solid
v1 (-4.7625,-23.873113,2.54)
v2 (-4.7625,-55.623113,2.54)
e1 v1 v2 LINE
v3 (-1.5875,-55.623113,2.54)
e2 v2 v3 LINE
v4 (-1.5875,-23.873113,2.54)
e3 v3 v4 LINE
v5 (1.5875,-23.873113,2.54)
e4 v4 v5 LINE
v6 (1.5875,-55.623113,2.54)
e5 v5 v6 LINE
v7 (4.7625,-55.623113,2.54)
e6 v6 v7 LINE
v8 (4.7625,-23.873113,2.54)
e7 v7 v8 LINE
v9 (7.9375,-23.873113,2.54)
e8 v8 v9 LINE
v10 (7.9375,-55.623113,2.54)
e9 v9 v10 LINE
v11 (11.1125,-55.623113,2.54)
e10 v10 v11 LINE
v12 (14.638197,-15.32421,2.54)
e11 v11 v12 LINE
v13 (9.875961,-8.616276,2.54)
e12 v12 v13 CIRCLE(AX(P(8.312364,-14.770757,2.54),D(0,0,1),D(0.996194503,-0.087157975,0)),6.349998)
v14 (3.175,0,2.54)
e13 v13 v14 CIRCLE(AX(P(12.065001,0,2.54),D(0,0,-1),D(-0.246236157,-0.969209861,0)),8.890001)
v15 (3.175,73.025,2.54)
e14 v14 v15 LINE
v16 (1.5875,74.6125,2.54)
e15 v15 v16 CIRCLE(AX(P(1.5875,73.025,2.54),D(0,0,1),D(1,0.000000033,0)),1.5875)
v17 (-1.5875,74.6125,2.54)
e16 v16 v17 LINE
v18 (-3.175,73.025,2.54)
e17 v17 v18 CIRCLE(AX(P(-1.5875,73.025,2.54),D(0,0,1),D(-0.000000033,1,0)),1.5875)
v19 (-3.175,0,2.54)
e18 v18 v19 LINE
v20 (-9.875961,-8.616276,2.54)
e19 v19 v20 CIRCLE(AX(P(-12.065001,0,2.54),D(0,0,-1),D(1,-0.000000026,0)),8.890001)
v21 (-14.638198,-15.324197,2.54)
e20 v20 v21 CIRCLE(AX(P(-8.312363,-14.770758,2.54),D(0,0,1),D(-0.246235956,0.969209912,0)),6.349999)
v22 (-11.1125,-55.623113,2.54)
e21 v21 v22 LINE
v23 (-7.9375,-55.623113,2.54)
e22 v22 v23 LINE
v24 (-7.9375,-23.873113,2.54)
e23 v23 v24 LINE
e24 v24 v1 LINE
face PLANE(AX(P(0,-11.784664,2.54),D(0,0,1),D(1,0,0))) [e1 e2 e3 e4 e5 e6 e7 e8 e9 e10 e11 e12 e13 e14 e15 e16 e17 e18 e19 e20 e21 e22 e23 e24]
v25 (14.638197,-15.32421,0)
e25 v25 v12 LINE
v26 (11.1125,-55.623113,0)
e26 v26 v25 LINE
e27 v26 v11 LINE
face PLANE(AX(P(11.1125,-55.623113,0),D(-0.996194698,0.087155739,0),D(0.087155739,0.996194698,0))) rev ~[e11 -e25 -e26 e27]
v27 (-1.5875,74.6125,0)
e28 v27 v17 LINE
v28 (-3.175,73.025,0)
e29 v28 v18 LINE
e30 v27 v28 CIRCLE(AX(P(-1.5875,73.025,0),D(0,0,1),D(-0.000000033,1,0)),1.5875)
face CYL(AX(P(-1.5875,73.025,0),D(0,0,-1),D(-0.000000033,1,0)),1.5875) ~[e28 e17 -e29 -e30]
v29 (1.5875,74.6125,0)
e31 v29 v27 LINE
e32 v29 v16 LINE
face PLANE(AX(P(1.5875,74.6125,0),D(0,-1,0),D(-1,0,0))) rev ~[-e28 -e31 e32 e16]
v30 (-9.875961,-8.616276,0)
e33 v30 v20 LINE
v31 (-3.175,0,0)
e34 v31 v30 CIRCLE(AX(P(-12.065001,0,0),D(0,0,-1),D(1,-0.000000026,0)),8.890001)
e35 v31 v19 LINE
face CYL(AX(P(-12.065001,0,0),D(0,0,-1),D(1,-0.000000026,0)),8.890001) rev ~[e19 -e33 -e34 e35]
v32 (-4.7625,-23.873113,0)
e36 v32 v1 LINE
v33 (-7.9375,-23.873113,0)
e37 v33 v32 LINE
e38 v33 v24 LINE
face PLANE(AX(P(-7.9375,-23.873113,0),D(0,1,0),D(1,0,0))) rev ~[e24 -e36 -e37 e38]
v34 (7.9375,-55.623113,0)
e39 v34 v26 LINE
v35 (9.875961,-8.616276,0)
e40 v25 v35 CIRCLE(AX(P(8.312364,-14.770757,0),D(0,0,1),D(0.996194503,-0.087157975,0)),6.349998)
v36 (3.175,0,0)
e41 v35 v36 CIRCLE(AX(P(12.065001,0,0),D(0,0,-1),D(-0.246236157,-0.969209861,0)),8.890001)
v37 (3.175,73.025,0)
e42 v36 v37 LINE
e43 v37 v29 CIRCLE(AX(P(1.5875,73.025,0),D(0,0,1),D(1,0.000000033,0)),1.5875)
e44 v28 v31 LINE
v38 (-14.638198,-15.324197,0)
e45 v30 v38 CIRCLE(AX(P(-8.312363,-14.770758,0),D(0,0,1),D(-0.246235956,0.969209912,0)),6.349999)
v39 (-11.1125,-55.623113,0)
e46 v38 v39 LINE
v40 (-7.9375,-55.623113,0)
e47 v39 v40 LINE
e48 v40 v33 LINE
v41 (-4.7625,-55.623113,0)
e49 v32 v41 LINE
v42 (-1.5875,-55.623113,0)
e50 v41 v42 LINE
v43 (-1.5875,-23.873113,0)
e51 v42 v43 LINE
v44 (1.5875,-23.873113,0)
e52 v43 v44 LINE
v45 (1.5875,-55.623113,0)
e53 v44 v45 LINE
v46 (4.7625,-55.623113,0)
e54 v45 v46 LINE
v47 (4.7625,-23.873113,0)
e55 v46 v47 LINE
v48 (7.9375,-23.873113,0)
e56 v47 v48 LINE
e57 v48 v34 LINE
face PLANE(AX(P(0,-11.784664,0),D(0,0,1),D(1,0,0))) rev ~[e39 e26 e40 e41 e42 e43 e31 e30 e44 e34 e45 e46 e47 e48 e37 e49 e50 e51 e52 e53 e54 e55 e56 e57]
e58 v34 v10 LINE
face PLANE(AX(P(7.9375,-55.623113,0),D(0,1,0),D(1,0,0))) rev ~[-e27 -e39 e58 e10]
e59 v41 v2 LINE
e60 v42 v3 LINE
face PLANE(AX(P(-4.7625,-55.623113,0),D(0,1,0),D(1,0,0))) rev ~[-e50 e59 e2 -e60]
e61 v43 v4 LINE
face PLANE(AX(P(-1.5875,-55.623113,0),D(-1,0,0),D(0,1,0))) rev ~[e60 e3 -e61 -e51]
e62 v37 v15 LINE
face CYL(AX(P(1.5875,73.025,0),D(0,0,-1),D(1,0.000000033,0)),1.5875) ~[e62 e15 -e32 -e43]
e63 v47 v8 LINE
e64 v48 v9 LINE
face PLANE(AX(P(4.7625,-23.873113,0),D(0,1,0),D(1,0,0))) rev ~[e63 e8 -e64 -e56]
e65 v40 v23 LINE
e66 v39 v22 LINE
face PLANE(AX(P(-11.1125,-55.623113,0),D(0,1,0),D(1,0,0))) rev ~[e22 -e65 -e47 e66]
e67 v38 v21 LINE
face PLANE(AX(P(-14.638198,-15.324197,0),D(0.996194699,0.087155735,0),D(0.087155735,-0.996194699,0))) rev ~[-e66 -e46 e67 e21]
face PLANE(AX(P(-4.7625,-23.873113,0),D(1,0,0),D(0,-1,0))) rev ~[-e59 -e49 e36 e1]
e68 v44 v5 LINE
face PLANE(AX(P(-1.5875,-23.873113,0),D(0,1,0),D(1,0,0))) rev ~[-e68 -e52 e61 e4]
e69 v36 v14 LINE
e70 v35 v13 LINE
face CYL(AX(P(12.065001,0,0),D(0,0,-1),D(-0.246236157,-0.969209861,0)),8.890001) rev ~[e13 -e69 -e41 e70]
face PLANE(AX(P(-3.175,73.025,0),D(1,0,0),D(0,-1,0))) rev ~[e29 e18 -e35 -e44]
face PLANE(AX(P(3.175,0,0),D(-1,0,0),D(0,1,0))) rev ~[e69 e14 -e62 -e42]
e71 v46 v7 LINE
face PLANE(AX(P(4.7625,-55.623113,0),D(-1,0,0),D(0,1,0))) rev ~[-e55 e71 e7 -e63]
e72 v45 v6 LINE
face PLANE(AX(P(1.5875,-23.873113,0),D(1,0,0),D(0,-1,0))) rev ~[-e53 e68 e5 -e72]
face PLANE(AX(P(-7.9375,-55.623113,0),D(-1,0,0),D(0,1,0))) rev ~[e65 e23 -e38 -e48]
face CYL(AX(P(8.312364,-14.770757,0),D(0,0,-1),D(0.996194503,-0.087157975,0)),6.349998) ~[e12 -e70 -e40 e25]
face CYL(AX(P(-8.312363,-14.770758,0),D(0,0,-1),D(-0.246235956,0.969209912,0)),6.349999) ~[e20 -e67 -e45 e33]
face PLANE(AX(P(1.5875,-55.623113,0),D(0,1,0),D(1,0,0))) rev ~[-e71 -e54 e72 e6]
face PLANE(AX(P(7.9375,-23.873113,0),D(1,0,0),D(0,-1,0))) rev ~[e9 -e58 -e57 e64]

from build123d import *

# Parameters (mm, degrees)
F1_DEPTH = 2.54


with BuildPart() as f1:
    # F0 (on Top) → F1 (new body)
    with BuildSketch(Plane.XY):
        with BuildLine():
            Line((1.5875, 74.6125), (-1.5875, 74.6125))
            ThreePointArc((-1.5875, 74.6125), (-2.710032, 74.147532), (-3.175, 73.025))
            Line((-3.175, 73.025), (-3.175, 0))
            ThreePointArc((-3.175, 0), (-5.047427, -5.457634), (-9.875961, -8.616276))
            ThreePointArc((-9.875961, -8.616276), (-13.490185, -11.094803), (-14.638198, -15.324197))
            Line((-14.638198, -15.324197), (-11.1125, -55.623113))
            Line((-11.1125, -55.623113), (-7.9375, -55.623113))
            Line((-7.9375, -55.623113), (-7.9375, -23.873113))
            Line((-7.9375, -23.873113), (-4.7625, -23.873113))
            Line((-4.7625, -23.873113), (-4.7625, -55.623113))
            Line((-4.7625, -55.623113), (-1.5875, -55.623113))
            Line((-1.5875, -55.623113), (-1.5875, -23.873113))
            Line((-1.5875, -23.873113), (1.5875, -23.873113))
            Line((1.5875, -23.873113), (1.5875, -55.623113))
            Line((1.5875, -55.623113), (4.7625, -55.623113))
            Line((4.7625, -55.623113), (4.7625, -23.873113))
            Line((4.7625, -23.873113), (7.9375, -23.873113))
            Line((7.9375, -23.873113), (7.9375, -55.623113))
            Line((7.9375, -55.623113), (11.1125, -55.623113))
            Line((11.1125, -55.623113), (14.638197, -15.32421))
            ThreePointArc((14.638197, -15.32421), (13.490189, -11.094808), (9.875961, -8.616276))
            ThreePointArc((9.875961, -8.616276), (5.047427, -5.457634), (3.175, 0))
            Line((3.175, 0), (3.175, 73.025))
            ThreePointArc((3.175, 73.025), (2.710032, 74.147532), (1.5875, 74.6125))
        make_face()
    extrude(amount=F1_DEPTH)


solid = f1.part
